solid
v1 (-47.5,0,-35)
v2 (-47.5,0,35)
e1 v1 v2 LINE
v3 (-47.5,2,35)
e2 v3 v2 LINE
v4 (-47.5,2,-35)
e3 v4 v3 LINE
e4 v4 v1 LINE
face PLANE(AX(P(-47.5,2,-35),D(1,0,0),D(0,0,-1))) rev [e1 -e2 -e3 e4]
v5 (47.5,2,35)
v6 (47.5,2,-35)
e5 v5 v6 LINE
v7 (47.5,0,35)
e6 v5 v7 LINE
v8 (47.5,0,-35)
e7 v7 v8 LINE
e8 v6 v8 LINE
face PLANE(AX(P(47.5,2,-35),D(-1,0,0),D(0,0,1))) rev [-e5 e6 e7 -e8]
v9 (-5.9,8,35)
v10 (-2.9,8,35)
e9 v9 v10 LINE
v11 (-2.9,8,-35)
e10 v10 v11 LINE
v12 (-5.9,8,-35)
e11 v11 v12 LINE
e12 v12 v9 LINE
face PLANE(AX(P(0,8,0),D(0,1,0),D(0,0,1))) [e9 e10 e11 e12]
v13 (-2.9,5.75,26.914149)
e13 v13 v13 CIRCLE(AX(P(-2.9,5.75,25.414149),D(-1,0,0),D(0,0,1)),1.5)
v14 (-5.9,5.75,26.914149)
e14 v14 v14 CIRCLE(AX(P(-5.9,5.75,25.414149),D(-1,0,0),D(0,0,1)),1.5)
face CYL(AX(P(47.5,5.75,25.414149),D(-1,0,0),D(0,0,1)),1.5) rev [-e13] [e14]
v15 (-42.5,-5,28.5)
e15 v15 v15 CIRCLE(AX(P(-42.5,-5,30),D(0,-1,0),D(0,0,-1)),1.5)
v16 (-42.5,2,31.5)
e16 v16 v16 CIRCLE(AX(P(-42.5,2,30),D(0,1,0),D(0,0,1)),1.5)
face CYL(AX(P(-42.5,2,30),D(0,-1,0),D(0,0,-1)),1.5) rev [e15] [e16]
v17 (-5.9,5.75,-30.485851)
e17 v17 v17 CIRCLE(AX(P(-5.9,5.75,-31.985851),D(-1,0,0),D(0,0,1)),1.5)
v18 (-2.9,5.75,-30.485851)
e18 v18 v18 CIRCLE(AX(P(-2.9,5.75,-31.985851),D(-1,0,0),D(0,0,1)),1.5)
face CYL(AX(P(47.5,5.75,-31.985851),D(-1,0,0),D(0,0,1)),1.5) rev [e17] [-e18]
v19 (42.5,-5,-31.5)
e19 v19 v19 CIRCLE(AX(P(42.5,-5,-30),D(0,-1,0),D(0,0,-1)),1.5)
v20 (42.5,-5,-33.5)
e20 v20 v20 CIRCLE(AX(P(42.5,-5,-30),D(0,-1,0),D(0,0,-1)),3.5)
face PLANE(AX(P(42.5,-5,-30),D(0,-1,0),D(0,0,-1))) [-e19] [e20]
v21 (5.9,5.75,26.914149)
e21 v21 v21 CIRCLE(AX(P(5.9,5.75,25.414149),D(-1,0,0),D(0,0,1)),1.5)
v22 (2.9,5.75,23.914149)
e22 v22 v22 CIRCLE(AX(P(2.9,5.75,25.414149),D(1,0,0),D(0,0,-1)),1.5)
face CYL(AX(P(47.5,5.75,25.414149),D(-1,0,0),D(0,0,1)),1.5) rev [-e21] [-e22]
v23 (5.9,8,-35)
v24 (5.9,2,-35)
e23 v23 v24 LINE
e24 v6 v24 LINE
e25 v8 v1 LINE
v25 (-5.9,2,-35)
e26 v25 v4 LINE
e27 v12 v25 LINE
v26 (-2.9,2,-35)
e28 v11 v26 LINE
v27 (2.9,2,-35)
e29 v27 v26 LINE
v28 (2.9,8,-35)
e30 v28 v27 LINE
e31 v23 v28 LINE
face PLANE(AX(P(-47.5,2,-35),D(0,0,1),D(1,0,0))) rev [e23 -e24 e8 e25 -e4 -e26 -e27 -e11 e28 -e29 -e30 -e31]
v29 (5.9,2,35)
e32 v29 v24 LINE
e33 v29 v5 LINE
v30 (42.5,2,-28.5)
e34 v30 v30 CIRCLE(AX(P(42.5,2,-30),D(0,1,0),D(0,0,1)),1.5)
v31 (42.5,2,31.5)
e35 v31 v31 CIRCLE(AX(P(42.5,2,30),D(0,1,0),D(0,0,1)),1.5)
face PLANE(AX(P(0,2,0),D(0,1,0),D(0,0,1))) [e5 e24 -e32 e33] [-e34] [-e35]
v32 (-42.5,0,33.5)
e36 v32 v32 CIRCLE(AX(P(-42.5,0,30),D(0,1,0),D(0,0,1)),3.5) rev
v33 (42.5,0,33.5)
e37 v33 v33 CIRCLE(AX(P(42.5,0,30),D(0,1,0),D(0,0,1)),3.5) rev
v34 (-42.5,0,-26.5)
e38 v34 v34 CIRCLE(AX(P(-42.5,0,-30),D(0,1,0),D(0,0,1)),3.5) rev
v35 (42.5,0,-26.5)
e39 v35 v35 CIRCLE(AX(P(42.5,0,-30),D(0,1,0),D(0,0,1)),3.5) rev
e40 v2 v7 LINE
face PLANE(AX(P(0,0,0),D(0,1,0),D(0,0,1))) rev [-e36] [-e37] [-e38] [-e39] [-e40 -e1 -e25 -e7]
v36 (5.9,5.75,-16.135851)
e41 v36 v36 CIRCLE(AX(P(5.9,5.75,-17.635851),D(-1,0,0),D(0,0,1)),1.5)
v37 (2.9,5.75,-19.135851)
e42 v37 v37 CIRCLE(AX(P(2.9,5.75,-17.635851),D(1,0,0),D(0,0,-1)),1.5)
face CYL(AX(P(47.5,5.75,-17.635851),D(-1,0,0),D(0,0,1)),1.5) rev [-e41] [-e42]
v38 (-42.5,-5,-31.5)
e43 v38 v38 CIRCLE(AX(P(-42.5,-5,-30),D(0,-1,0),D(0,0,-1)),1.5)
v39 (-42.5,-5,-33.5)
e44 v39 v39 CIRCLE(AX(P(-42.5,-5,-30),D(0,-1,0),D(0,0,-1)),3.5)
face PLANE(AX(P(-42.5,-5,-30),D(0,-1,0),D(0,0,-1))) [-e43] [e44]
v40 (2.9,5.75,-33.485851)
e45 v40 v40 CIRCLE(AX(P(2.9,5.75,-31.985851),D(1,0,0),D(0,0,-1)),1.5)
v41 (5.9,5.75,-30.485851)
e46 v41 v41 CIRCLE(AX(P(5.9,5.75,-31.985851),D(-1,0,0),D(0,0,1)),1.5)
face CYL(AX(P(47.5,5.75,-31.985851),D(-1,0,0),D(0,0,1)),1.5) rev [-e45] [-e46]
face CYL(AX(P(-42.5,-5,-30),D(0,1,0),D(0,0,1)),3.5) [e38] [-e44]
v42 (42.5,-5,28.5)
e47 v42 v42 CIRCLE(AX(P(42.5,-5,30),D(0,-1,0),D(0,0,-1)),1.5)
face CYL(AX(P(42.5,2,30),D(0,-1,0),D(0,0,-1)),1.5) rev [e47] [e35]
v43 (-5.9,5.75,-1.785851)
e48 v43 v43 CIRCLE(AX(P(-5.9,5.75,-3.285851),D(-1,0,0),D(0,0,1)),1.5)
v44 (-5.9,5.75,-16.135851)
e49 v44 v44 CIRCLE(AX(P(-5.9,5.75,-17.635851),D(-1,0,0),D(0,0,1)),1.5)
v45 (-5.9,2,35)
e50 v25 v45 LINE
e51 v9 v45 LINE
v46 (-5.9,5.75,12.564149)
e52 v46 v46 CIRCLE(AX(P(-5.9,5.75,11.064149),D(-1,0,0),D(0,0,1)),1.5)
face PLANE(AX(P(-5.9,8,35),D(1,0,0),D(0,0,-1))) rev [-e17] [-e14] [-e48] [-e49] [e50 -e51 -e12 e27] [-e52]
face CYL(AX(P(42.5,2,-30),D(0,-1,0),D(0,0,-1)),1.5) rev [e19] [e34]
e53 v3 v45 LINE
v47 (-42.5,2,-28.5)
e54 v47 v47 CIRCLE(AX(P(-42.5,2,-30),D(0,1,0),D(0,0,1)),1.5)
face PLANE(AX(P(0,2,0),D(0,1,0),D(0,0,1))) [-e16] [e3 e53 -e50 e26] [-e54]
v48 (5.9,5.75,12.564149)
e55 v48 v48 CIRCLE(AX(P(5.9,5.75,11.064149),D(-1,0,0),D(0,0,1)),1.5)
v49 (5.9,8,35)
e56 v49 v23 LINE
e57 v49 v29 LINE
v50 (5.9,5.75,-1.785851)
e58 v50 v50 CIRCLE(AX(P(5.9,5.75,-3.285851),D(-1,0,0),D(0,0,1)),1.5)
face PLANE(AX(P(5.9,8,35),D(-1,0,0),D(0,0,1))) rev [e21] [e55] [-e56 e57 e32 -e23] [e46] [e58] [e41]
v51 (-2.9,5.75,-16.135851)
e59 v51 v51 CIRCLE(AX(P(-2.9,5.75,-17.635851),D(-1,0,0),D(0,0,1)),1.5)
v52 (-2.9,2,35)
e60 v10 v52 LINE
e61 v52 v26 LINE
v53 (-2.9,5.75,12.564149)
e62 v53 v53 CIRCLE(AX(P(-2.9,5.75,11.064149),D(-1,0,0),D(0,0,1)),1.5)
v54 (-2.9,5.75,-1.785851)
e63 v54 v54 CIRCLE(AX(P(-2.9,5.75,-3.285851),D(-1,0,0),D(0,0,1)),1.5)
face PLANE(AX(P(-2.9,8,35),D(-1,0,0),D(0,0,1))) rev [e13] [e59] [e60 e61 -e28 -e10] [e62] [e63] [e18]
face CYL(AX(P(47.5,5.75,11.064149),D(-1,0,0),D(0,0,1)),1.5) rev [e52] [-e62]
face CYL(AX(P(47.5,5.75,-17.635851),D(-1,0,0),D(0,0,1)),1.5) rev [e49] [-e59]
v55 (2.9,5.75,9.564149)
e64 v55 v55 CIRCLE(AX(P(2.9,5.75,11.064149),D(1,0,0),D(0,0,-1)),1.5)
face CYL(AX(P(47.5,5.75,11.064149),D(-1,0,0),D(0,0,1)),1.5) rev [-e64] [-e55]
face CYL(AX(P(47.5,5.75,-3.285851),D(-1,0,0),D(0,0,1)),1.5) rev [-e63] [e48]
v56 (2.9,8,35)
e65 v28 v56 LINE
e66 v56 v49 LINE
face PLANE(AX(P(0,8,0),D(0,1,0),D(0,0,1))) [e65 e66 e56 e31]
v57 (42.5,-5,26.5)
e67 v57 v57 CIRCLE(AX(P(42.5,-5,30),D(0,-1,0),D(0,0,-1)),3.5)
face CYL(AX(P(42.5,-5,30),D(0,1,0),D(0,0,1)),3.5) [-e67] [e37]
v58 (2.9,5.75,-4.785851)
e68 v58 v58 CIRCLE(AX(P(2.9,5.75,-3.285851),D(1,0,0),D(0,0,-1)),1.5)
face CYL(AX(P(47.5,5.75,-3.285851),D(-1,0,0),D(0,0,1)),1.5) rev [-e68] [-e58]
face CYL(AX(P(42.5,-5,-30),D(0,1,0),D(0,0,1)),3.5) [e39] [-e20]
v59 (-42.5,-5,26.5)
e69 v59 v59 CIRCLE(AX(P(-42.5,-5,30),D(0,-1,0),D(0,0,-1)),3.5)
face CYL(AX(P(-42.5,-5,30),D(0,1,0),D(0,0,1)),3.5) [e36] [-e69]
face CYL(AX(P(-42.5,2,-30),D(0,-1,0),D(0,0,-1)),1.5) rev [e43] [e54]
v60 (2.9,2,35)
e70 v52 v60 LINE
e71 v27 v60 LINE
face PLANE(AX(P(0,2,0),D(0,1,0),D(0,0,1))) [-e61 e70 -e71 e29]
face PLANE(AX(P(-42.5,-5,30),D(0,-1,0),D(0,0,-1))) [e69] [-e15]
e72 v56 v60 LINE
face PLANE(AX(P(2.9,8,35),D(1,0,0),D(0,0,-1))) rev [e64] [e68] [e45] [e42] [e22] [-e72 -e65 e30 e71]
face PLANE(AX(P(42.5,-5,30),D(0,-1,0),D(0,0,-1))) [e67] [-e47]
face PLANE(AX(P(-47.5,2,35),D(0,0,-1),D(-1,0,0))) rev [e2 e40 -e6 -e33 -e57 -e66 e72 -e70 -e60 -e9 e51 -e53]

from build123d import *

# Parameters (mm, degrees)
SKETCH_1_W          = 95
SKETCH_1_H          = 70
SKETCH_1_R          = 1.5
EXTRUDE_1_DEPTH     = 2
SKETCH_2_W          = 3
SKETCH_2_H          = 70
EXTRUDE_2_DEPTH     = 6
SKETCH_3_R          = 1.5
CUT_EXTRUDE_1_DEPTH = 54.4
SKETCH_4_R          = 3.5
SKETCH_4_R_2        = 1.5
EXTRUDE_3_DEPTH     = 5


with BuildPart() as part:
    # 草图1 → 凸台-拉伸1 (new body)
    with BuildSketch(Plane(origin=(0, 0, 0), x_dir=(1, 0, 0), z_dir=(0, 1, 0))):
        Rectangle(SKETCH_1_W, SKETCH_1_H)
        with Locations((-42.5, 30)):
            Circle(SKETCH_1_R, mode=Mode.SUBTRACT)
        with Locations((42.5, 30)):
            Circle(SKETCH_1_R, mode=Mode.SUBTRACT)
        with Locations((-42.5, -30)):
            Circle(SKETCH_1_R, mode=Mode.SUBTRACT)
        with Locations((42.5, -30)):
            Circle(SKETCH_1_R, mode=Mode.SUBTRACT)
    extrude(amount=EXTRUDE_1_DEPTH)

    # 草图2 → 凸台-拉伸2 (add)
    with BuildSketch(Plane(origin=(0, 2, 0), x_dir=(1, 0, 0), z_dir=(0, 1, 0))):
        with Locations((-4.4, 0)):
            Rectangle(SKETCH_2_W, SKETCH_2_H)
        with Locations((4.4, 0)):
            Rectangle(SKETCH_2_W, SKETCH_2_H)
    extrude(amount=EXTRUDE_2_DEPTH)

    # 草图3 → 切除-拉伸1 (cut, through all)
    with BuildSketch(Plane.ZY.offset(5.9)):
        with Locations((-31.985850954, 5.75)):
            Circle(SKETCH_3_R)
        with Locations((-17.635850954, 5.75)):
            Circle(SKETCH_3_R)
        with Locations((-3.285850954, 5.75)):
            Circle(SKETCH_3_R)
        with Locations((11.064149046, 5.75)):
            Circle(SKETCH_3_R)
        with Locations((25.414149046, 5.75)):
            Circle(SKETCH_3_R)
    extrude(amount=-CUT_EXTRUDE_1_DEPTH, mode=Mode.SUBTRACT)

    # 草图4 → 凸台-拉伸3 (add)
    with BuildSketch(Plane.XZ):
        with Locations((-42.5, -30)):
            Circle(SKETCH_4_R)
        with Locations((-42.5, -30)):
            Circle(SKETCH_4_R_2, mode=Mode.SUBTRACT)
        with Locations((-42.5, 30)):
            Circle(SKETCH_4_R)
        with Locations((-42.5, 30)):
            Circle(SKETCH_4_R_2, mode=Mode.SUBTRACT)
        with Locations((42.5, 30)):
            Circle(SKETCH_4_R)
        with Locations((42.5, 30)):
            Circle(SKETCH_4_R_2, mode=Mode.SUBTRACT)
        with Locations((42.5, -30)):
            Circle(SKETCH_4_R)
        with Locations((42.5, -30)):
            Circle(SKETCH_4_R_2, mode=Mode.SUBTRACT)
    extrude(amount=EXTRUDE_3_DEPTH)


solid = part.part
